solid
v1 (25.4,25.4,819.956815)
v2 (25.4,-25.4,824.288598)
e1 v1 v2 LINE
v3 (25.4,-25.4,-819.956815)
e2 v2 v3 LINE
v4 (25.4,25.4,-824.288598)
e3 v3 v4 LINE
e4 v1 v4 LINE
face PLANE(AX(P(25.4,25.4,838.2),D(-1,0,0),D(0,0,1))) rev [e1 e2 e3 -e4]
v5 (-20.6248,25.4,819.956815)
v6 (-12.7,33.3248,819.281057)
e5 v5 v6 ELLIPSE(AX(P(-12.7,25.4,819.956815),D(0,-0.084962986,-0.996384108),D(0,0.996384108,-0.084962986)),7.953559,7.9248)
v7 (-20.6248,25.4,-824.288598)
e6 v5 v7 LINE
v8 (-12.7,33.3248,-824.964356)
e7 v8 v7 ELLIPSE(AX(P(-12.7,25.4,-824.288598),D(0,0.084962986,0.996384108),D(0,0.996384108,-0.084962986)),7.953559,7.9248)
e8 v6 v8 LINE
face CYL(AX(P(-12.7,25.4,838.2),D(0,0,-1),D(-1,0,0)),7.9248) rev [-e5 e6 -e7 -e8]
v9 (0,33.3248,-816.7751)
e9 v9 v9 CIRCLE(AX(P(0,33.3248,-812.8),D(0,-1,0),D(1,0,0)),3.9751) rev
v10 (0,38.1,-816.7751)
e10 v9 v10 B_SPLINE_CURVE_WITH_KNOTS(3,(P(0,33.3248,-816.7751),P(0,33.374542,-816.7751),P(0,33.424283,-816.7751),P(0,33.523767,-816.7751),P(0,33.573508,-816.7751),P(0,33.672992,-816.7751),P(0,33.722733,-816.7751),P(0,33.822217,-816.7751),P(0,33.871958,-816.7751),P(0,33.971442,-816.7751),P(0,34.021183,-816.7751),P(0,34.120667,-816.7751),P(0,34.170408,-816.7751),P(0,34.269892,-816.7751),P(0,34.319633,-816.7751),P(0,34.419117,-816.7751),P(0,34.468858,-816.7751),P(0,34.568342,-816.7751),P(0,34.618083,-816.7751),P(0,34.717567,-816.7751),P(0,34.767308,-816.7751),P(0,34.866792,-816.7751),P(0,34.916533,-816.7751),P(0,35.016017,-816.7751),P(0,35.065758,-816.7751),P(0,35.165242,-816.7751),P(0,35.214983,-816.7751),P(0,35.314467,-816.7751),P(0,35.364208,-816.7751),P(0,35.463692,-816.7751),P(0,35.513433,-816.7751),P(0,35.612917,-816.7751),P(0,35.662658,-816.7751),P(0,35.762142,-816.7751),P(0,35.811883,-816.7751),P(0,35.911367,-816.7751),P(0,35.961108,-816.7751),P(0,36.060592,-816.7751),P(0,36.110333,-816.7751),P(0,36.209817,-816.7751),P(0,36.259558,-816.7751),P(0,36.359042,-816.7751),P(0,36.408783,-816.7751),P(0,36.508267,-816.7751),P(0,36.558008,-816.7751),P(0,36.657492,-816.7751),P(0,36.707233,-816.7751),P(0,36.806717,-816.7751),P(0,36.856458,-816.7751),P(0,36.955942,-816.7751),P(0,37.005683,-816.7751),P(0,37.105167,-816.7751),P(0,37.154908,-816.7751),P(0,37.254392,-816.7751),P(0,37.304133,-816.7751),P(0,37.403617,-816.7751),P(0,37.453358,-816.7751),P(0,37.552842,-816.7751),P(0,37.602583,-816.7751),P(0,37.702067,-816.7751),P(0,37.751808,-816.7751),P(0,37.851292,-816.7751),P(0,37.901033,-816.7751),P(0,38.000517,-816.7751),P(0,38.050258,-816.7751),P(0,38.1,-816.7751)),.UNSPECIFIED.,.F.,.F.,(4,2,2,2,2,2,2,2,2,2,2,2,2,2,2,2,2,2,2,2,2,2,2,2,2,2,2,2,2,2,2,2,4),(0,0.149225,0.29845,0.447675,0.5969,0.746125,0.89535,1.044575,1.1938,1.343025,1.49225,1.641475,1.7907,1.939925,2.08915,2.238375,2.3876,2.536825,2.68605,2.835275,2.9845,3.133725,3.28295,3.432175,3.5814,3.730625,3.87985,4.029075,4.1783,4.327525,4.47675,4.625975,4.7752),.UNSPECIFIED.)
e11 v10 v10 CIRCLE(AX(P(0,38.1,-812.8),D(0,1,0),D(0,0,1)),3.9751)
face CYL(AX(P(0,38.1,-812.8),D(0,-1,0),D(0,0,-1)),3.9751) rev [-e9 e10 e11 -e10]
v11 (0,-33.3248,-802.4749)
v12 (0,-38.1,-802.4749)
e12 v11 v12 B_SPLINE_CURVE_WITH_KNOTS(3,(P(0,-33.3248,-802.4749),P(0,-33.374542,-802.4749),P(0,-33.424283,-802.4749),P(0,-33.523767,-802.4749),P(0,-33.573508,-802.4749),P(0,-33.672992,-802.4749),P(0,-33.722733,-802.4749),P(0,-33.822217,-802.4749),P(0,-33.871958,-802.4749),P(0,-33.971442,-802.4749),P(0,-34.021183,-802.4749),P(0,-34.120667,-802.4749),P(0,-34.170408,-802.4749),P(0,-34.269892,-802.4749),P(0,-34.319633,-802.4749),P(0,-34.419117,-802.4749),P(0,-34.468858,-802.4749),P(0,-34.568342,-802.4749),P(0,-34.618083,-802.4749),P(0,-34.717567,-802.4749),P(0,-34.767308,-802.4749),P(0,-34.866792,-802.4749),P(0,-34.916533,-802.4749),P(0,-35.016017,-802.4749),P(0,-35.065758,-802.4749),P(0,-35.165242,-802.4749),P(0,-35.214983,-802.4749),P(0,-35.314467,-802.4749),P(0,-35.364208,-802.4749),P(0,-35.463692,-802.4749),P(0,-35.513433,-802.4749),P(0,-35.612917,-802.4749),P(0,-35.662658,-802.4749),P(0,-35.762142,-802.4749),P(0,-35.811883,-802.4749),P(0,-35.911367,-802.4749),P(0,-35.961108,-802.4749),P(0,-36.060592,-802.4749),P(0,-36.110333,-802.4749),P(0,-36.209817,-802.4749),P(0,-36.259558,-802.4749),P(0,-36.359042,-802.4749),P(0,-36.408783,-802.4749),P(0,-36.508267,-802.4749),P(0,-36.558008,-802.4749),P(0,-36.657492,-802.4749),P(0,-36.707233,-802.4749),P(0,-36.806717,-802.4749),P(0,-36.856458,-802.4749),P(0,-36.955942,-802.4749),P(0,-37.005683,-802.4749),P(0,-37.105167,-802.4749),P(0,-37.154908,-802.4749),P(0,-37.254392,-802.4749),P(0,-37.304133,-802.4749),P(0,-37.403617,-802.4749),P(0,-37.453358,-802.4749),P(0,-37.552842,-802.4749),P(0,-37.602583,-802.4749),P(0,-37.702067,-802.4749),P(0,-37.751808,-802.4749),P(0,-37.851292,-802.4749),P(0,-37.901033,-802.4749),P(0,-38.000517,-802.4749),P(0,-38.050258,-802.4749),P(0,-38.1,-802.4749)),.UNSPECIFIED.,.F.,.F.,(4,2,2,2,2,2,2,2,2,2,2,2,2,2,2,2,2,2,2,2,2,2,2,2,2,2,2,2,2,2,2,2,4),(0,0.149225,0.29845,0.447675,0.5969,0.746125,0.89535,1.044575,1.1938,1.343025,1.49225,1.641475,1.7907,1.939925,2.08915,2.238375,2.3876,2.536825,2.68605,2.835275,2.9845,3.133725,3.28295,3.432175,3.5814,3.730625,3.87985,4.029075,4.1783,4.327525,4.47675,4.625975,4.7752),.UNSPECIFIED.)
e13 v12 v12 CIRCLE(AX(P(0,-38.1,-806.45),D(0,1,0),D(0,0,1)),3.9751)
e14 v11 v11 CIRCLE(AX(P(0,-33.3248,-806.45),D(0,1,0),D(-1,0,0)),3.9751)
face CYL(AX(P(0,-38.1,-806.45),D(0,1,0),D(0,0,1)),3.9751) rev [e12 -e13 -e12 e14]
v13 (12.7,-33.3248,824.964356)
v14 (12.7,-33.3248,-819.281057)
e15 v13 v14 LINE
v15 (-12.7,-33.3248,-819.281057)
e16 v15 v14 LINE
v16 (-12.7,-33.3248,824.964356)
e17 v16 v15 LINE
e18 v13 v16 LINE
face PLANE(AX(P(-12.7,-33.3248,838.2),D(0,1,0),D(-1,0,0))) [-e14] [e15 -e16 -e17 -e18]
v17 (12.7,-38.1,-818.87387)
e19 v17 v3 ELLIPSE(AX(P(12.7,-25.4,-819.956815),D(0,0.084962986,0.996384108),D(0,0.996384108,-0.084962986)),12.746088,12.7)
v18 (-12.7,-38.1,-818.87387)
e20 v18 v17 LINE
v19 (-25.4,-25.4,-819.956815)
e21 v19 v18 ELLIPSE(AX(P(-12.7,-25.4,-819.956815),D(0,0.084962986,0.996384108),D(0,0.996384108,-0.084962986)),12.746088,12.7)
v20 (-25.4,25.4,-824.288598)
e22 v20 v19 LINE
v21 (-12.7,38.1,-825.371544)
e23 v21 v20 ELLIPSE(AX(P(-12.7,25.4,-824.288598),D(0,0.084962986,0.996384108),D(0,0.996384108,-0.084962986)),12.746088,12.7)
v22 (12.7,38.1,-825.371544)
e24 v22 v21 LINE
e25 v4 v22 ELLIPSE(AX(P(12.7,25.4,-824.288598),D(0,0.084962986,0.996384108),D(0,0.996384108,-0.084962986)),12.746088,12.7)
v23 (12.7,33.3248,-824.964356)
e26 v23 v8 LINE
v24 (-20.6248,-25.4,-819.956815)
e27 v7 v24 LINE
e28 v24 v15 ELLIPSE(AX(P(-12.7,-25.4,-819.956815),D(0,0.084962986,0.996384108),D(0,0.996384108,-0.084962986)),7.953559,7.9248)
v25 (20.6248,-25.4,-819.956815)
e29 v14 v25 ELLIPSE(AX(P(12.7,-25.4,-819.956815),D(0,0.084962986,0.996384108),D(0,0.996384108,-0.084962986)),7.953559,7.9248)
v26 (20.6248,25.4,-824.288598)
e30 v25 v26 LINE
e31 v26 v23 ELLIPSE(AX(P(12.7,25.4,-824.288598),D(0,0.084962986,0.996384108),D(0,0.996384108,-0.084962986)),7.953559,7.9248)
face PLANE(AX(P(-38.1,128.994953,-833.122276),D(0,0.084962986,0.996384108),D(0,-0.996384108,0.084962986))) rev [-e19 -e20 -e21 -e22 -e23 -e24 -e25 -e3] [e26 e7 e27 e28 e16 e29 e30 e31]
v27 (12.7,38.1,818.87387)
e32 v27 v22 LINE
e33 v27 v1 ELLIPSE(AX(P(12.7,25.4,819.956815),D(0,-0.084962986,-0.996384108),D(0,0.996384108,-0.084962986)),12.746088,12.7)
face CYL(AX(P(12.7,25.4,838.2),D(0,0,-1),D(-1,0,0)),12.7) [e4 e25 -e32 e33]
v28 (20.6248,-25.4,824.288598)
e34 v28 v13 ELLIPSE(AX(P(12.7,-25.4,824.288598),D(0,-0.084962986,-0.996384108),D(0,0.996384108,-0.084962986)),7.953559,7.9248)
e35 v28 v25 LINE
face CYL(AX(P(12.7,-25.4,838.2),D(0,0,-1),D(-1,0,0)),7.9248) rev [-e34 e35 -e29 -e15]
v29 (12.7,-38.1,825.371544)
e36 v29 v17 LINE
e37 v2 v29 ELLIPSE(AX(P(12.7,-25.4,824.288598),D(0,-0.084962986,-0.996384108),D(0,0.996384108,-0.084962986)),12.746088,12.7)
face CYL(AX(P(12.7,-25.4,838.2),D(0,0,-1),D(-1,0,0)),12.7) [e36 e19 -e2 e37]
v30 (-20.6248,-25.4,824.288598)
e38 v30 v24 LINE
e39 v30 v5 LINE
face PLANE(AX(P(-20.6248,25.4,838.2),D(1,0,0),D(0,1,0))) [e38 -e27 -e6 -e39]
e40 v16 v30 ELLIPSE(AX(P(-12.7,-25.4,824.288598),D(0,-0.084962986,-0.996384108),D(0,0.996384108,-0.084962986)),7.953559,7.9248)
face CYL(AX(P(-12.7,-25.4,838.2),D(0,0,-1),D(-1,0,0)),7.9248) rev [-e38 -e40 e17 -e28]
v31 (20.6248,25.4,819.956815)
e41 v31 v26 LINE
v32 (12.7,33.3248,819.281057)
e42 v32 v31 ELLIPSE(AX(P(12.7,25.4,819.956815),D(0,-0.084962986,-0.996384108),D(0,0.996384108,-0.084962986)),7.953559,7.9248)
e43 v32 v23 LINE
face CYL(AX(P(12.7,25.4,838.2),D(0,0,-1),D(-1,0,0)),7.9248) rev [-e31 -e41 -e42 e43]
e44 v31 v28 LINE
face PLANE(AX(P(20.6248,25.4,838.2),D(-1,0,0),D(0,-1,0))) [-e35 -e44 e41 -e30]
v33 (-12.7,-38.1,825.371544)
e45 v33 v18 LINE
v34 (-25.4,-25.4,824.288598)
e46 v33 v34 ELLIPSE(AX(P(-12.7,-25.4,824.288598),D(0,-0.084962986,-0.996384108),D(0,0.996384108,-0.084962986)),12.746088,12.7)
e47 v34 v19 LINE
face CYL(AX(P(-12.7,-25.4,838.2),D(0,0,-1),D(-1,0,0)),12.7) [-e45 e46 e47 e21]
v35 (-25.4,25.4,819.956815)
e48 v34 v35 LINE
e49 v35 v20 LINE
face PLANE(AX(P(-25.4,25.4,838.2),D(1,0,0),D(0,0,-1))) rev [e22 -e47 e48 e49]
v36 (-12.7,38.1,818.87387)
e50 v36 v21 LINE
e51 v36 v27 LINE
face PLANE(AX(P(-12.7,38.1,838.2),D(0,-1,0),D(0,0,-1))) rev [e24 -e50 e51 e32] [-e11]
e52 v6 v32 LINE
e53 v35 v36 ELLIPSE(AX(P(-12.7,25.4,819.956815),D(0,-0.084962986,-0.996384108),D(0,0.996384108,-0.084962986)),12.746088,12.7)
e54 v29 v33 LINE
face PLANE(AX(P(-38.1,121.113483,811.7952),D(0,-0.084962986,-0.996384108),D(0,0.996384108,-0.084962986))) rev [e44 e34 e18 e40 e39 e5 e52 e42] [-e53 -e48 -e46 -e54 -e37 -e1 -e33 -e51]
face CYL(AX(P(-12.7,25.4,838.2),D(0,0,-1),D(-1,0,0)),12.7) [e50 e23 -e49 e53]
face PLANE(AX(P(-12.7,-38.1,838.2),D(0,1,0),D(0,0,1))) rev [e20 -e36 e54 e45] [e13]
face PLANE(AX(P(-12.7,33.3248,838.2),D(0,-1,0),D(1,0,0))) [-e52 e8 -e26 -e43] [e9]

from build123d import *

# Parameters (mm, degrees)
BASE_EXTRUDE_DEPTH = 838.2
CUT_EXTRUDE1_DEPTH = 38.1
SKETCH5_R          = 3.9751
CUT_EXTRUDE3_DEPTH = 827.640765765
SKETCH6_R          = 3.9751
CUT_EXTRUDE4_DEPTH = 827.640765765


with BuildPart() as part:
    # Sketch1 → Base-Extrude (new, symmetric)
    with BuildSketch(Plane.XY):
        with BuildLine():
            Line((-12.7, 38.1), (12.7, 38.1))
            ThreePointArc((12.7, 38.1), (21.680256121, 34.380256121), (25.4, 25.4))
            Line((25.4, 25.4), (25.4, -25.4))
            ThreePointArc((25.4, -25.4), (21.680256121, -34.380256121), (12.7, -38.1))
            Line((12.7, -38.1), (-12.7, -38.1))
            ThreePointArc((-12.7, -38.1), (-21.680256121, -34.380256121), (-25.4, -25.4))
            Line((-25.4, -25.4), (-25.4, 25.4))
            ThreePointArc((-25.4, 25.4), (-21.680256121, 34.380256121), (-12.7, 38.1))
        make_face()
        with BuildLine():
            Line((-20.6248, 25.4), (-20.6248, -25.4))
            ThreePointArc((-20.6248, -25.4), (-18.30367982, -31.00367982), (-12.7, -33.3248))
            Line((-12.7, -33.3248), (12.7, -33.3248))
            ThreePointArc((12.7, -33.3248), (18.30367982, -31.00367982), (20.6248, -25.4))
            Line((20.6248, -25.4), (20.6248, 25.4))
            ThreePointArc((20.6248, 25.4), (18.30367982, 31.00367982), (12.7, 33.3248))
            Line((12.7, 33.3248), (-12.7, 33.3248))
            ThreePointArc((-12.7, 33.3248), (-18.30367982, 31.00367982), (-20.6248, 25.4))
        make_face(mode=Mode.SUBTRACT)
    extrude(amount=BASE_EXTRUDE_DEPTH, both=True)

    # Sketch2 → Cut-Extrude1 (cut, symmetric)
    with BuildSketch(Plane(origin=(0, 0, 0), x_dir=(0, 0, -1), z_dir=(1, 0, 0))):
        Polygon((-811.795200446, 121.113483343), (-832.45021311, -121.113483343), (-857.85021311, -121.113483343), (-857.85021311, 121.113483343), align=None)
        Polygon((833.122276443, 128.994953344), (811.123137113, -128.994953344), (858.522276443, -128.994953344), (858.522276443, 128.994953344), align=None)
    extrude(amount=CUT_EXTRUDE1_DEPTH, both=True, mode=Mode.SUBTRACT)

    # Sketch5 → Cut-Extrude3 (cut, through all)
    with BuildSketch(Plane(origin=(0, 0, 0), x_dir=(1, 0, 0), z_dir=(0, 1, 0))):
        with Locations(Location((0, 806.45, 0), (0, 0, 270))):
            Circle(SKETCH5_R)
    extrude(amount=-CUT_EXTRUDE3_DEPTH, mode=Mode.SUBTRACT)

    # Sketch6 → Cut-Extrude4 (cut, through all)
    with BuildSketch(Plane(origin=(0, 0, 0), x_dir=(1, 0, 0), z_dir=(0, 1, 0))):
        with Locations(Location((0, 812.8, 0), (0, 0, 90))):
            Circle(SKETCH6_R)
    extrude(amount=CUT_EXTRUDE4_DEPTH, mode=Mode.SUBTRACT)


solid = part.part
